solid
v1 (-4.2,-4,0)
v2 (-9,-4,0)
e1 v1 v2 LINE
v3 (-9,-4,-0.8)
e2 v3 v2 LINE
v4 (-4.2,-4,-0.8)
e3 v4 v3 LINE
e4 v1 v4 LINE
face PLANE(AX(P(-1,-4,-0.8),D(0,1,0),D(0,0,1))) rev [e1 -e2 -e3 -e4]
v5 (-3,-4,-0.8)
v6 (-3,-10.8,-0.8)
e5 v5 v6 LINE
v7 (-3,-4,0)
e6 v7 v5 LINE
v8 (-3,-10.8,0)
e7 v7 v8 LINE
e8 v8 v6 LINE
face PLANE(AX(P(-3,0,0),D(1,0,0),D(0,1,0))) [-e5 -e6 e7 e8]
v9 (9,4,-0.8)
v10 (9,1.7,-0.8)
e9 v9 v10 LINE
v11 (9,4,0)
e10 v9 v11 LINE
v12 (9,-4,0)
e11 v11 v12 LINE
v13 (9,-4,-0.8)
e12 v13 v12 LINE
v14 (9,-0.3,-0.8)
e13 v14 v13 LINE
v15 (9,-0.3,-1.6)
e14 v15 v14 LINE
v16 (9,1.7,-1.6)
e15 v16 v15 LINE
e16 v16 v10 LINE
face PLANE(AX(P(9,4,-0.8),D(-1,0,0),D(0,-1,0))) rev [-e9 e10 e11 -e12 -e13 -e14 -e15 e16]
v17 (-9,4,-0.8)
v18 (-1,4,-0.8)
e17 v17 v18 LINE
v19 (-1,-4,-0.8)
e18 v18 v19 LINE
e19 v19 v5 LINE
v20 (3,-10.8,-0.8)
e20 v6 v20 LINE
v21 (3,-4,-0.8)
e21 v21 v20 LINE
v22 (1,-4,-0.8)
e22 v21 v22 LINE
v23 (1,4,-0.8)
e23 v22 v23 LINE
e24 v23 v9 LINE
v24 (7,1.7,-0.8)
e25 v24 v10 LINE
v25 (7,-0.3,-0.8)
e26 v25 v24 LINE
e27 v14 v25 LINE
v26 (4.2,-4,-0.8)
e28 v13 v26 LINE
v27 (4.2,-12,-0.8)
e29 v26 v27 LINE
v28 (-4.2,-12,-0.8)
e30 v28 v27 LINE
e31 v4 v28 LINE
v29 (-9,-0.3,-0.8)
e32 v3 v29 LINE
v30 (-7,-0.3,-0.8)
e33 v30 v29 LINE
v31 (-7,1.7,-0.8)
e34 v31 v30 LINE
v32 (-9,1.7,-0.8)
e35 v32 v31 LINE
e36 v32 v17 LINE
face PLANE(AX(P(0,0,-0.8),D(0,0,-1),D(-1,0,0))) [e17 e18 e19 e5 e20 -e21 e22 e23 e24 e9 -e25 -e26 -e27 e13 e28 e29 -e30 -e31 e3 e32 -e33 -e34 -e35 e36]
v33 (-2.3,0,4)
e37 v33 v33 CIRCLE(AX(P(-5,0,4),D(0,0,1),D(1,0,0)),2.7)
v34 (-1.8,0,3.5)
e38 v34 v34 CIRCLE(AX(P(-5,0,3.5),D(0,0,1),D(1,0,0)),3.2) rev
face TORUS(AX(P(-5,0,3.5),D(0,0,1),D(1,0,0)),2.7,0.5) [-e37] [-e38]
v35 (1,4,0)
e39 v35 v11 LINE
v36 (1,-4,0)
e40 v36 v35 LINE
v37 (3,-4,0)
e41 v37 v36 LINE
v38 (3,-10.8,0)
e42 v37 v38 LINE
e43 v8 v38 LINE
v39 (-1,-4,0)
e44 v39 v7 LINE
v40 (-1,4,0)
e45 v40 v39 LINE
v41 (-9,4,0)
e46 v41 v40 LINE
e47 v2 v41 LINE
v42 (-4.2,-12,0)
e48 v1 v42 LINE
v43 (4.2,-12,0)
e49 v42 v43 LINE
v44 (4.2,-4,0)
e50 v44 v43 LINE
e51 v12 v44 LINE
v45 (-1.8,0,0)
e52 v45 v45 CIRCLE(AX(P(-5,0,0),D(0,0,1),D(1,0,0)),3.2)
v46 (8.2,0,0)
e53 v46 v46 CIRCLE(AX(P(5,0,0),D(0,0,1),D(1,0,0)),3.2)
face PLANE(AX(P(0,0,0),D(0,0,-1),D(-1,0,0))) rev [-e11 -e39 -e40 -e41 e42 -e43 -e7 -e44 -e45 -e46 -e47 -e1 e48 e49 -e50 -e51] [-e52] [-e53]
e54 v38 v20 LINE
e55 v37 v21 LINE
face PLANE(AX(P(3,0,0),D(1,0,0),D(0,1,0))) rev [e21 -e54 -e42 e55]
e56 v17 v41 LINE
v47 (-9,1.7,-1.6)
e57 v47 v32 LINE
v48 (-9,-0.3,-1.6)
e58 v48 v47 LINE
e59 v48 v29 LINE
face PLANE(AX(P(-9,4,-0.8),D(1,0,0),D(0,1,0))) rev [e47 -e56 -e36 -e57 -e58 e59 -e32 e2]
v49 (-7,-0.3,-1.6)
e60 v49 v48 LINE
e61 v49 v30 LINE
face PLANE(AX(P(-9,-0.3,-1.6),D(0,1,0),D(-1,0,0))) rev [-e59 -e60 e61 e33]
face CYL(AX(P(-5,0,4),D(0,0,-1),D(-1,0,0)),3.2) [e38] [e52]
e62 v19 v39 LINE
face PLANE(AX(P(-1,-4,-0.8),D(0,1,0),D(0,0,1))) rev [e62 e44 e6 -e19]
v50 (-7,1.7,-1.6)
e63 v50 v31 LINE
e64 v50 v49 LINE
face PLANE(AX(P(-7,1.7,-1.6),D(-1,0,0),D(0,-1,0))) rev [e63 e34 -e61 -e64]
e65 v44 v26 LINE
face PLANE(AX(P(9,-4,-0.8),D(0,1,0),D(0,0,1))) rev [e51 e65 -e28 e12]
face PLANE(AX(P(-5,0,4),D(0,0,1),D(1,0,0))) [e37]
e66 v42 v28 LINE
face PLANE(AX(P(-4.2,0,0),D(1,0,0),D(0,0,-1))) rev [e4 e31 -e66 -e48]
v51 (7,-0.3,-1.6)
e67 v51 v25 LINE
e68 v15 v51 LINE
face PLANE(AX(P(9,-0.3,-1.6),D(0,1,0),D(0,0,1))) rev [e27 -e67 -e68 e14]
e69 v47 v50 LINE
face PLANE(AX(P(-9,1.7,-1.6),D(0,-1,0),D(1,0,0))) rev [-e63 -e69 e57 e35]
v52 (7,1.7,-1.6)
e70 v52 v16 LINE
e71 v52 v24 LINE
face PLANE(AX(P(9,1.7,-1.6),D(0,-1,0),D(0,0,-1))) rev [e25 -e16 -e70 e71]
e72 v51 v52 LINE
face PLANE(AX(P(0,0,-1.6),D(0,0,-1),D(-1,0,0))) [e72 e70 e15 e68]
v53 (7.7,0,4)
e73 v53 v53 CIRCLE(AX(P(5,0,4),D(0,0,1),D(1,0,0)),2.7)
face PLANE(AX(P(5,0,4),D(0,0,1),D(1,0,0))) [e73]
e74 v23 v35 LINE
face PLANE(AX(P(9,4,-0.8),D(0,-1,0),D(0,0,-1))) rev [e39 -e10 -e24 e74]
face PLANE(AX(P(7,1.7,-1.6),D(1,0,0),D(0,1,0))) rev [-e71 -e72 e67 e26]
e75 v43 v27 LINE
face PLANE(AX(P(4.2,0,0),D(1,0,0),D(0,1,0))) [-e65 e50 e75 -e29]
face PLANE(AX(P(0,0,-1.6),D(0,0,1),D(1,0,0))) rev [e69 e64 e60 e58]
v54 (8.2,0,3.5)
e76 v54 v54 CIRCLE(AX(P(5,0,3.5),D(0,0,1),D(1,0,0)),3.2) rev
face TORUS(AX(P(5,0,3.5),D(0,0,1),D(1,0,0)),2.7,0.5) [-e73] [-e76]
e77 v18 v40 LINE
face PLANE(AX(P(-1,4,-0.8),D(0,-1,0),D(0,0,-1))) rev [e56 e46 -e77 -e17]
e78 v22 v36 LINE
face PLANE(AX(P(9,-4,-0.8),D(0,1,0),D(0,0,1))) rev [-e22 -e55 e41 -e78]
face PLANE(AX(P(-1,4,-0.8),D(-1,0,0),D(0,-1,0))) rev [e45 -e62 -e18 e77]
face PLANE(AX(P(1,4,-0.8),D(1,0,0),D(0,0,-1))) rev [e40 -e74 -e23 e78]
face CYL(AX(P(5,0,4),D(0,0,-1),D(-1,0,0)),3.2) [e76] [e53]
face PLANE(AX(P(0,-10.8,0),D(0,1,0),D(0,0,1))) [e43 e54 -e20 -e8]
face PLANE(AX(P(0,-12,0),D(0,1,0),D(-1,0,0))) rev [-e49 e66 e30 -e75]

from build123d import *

# Parameters (mm, degrees)
SKETCH_2_R        = 3.2
EXTRUDE_1_DEPTH   = 4
EXTRUDE_1_2_DEPTH = 4
SKETCH_3_W        = 8
SKETCH_3_H        = 8
EXTRUDE_2_DEPTH   = 0.8
SKETCH_4_W        = 2
SKETCH_4_H        = 2
EXTRUDE_3_DEPTH   = 0.8
SKETCH_5_W        = 6
SKETCH_5_H        = 1.2
SKETCH_5_W_2      = 1.2
SKETCH_5_H_2      = 8
EXTRUDE_4_DEPTH   = 0.8
FILLET_1_R        = 0.5


with BuildPart() as part:
    # Эскиз2 → Бобышка-Вытянуть1 (new body)
    with BuildSketch(Plane.XY):
        with Locations((-5, 0)):
            Circle(SKETCH_2_R)
    extrude(amount=EXTRUDE_1_DEPTH)



with BuildPart() as body_2:
    # Эскиз2 → Extrude 1 2 (new body)
    with BuildSketch(Plane.XY):
        with Locations((5, 0)):
            Circle(SKETCH_2_R)
    extrude(amount=EXTRUDE_1_2_DEPTH)


with BuildPart() as part_1:
    add(part.part)

    add(body_2.part)  # Бобышка-Вытянуть2 merges body 2
    # Эскиз3 → Бобышка-Вытянуть2 (add)
    with BuildSketch(Plane(origin=(0, 0, 0), x_dir=(-1, 0, 0), z_dir=(0, 0, -1))):
        with Locations((-5, 0)):
            Rectangle(SKETCH_3_W, SKETCH_3_H)
        with Locations((5, 0)):
            Rectangle(SKETCH_3_W, SKETCH_3_H)
    extrude(amount=EXTRUDE_2_DEPTH)

    # Эскиз4 → Бобышка-Вытянуть3 (add)
    with BuildSketch(Plane(origin=(0, 0, -0.8), x_dir=(-1, 0, 0), z_dir=(0, 0, -1))):
        with Locations((-8, 0.7)):
            Rectangle(SKETCH_4_W, SKETCH_4_H)
        with Locations((8, 0.7)):
            Rectangle(SKETCH_4_W, SKETCH_4_H)
    extrude(amount=EXTRUDE_3_DEPTH)

    # Эскиз5 → Бобышка-Вытянуть4 (add)
    with BuildSketch(Plane(origin=(0, 0, -0.8), x_dir=(-1, 0, 0), z_dir=(0, 0, -1))):
        Polygon((-3, -10.8), (-3, -4), (-4.2, -4), (-4.2, -12), (-3, -12), align=None)
        with Locations((0, -11.4)):
            Rectangle(SKETCH_5_W, SKETCH_5_H)
        with Locations((3.6, -8)):
            Rectangle(SKETCH_5_W_2, SKETCH_5_H_2)
    extrude(amount=-EXTRUDE_4_DEPTH)

    # Скругление1
    fillet_1_edges = [part_1.edges().sort_by_distance(p)[0] for p in [
        (-8.2, 0, 4),
        (1.8, 0, 4),
    ]]
    fillet(fillet_1_edges, radius=FILLET_1_R)


solid = part_1.part
